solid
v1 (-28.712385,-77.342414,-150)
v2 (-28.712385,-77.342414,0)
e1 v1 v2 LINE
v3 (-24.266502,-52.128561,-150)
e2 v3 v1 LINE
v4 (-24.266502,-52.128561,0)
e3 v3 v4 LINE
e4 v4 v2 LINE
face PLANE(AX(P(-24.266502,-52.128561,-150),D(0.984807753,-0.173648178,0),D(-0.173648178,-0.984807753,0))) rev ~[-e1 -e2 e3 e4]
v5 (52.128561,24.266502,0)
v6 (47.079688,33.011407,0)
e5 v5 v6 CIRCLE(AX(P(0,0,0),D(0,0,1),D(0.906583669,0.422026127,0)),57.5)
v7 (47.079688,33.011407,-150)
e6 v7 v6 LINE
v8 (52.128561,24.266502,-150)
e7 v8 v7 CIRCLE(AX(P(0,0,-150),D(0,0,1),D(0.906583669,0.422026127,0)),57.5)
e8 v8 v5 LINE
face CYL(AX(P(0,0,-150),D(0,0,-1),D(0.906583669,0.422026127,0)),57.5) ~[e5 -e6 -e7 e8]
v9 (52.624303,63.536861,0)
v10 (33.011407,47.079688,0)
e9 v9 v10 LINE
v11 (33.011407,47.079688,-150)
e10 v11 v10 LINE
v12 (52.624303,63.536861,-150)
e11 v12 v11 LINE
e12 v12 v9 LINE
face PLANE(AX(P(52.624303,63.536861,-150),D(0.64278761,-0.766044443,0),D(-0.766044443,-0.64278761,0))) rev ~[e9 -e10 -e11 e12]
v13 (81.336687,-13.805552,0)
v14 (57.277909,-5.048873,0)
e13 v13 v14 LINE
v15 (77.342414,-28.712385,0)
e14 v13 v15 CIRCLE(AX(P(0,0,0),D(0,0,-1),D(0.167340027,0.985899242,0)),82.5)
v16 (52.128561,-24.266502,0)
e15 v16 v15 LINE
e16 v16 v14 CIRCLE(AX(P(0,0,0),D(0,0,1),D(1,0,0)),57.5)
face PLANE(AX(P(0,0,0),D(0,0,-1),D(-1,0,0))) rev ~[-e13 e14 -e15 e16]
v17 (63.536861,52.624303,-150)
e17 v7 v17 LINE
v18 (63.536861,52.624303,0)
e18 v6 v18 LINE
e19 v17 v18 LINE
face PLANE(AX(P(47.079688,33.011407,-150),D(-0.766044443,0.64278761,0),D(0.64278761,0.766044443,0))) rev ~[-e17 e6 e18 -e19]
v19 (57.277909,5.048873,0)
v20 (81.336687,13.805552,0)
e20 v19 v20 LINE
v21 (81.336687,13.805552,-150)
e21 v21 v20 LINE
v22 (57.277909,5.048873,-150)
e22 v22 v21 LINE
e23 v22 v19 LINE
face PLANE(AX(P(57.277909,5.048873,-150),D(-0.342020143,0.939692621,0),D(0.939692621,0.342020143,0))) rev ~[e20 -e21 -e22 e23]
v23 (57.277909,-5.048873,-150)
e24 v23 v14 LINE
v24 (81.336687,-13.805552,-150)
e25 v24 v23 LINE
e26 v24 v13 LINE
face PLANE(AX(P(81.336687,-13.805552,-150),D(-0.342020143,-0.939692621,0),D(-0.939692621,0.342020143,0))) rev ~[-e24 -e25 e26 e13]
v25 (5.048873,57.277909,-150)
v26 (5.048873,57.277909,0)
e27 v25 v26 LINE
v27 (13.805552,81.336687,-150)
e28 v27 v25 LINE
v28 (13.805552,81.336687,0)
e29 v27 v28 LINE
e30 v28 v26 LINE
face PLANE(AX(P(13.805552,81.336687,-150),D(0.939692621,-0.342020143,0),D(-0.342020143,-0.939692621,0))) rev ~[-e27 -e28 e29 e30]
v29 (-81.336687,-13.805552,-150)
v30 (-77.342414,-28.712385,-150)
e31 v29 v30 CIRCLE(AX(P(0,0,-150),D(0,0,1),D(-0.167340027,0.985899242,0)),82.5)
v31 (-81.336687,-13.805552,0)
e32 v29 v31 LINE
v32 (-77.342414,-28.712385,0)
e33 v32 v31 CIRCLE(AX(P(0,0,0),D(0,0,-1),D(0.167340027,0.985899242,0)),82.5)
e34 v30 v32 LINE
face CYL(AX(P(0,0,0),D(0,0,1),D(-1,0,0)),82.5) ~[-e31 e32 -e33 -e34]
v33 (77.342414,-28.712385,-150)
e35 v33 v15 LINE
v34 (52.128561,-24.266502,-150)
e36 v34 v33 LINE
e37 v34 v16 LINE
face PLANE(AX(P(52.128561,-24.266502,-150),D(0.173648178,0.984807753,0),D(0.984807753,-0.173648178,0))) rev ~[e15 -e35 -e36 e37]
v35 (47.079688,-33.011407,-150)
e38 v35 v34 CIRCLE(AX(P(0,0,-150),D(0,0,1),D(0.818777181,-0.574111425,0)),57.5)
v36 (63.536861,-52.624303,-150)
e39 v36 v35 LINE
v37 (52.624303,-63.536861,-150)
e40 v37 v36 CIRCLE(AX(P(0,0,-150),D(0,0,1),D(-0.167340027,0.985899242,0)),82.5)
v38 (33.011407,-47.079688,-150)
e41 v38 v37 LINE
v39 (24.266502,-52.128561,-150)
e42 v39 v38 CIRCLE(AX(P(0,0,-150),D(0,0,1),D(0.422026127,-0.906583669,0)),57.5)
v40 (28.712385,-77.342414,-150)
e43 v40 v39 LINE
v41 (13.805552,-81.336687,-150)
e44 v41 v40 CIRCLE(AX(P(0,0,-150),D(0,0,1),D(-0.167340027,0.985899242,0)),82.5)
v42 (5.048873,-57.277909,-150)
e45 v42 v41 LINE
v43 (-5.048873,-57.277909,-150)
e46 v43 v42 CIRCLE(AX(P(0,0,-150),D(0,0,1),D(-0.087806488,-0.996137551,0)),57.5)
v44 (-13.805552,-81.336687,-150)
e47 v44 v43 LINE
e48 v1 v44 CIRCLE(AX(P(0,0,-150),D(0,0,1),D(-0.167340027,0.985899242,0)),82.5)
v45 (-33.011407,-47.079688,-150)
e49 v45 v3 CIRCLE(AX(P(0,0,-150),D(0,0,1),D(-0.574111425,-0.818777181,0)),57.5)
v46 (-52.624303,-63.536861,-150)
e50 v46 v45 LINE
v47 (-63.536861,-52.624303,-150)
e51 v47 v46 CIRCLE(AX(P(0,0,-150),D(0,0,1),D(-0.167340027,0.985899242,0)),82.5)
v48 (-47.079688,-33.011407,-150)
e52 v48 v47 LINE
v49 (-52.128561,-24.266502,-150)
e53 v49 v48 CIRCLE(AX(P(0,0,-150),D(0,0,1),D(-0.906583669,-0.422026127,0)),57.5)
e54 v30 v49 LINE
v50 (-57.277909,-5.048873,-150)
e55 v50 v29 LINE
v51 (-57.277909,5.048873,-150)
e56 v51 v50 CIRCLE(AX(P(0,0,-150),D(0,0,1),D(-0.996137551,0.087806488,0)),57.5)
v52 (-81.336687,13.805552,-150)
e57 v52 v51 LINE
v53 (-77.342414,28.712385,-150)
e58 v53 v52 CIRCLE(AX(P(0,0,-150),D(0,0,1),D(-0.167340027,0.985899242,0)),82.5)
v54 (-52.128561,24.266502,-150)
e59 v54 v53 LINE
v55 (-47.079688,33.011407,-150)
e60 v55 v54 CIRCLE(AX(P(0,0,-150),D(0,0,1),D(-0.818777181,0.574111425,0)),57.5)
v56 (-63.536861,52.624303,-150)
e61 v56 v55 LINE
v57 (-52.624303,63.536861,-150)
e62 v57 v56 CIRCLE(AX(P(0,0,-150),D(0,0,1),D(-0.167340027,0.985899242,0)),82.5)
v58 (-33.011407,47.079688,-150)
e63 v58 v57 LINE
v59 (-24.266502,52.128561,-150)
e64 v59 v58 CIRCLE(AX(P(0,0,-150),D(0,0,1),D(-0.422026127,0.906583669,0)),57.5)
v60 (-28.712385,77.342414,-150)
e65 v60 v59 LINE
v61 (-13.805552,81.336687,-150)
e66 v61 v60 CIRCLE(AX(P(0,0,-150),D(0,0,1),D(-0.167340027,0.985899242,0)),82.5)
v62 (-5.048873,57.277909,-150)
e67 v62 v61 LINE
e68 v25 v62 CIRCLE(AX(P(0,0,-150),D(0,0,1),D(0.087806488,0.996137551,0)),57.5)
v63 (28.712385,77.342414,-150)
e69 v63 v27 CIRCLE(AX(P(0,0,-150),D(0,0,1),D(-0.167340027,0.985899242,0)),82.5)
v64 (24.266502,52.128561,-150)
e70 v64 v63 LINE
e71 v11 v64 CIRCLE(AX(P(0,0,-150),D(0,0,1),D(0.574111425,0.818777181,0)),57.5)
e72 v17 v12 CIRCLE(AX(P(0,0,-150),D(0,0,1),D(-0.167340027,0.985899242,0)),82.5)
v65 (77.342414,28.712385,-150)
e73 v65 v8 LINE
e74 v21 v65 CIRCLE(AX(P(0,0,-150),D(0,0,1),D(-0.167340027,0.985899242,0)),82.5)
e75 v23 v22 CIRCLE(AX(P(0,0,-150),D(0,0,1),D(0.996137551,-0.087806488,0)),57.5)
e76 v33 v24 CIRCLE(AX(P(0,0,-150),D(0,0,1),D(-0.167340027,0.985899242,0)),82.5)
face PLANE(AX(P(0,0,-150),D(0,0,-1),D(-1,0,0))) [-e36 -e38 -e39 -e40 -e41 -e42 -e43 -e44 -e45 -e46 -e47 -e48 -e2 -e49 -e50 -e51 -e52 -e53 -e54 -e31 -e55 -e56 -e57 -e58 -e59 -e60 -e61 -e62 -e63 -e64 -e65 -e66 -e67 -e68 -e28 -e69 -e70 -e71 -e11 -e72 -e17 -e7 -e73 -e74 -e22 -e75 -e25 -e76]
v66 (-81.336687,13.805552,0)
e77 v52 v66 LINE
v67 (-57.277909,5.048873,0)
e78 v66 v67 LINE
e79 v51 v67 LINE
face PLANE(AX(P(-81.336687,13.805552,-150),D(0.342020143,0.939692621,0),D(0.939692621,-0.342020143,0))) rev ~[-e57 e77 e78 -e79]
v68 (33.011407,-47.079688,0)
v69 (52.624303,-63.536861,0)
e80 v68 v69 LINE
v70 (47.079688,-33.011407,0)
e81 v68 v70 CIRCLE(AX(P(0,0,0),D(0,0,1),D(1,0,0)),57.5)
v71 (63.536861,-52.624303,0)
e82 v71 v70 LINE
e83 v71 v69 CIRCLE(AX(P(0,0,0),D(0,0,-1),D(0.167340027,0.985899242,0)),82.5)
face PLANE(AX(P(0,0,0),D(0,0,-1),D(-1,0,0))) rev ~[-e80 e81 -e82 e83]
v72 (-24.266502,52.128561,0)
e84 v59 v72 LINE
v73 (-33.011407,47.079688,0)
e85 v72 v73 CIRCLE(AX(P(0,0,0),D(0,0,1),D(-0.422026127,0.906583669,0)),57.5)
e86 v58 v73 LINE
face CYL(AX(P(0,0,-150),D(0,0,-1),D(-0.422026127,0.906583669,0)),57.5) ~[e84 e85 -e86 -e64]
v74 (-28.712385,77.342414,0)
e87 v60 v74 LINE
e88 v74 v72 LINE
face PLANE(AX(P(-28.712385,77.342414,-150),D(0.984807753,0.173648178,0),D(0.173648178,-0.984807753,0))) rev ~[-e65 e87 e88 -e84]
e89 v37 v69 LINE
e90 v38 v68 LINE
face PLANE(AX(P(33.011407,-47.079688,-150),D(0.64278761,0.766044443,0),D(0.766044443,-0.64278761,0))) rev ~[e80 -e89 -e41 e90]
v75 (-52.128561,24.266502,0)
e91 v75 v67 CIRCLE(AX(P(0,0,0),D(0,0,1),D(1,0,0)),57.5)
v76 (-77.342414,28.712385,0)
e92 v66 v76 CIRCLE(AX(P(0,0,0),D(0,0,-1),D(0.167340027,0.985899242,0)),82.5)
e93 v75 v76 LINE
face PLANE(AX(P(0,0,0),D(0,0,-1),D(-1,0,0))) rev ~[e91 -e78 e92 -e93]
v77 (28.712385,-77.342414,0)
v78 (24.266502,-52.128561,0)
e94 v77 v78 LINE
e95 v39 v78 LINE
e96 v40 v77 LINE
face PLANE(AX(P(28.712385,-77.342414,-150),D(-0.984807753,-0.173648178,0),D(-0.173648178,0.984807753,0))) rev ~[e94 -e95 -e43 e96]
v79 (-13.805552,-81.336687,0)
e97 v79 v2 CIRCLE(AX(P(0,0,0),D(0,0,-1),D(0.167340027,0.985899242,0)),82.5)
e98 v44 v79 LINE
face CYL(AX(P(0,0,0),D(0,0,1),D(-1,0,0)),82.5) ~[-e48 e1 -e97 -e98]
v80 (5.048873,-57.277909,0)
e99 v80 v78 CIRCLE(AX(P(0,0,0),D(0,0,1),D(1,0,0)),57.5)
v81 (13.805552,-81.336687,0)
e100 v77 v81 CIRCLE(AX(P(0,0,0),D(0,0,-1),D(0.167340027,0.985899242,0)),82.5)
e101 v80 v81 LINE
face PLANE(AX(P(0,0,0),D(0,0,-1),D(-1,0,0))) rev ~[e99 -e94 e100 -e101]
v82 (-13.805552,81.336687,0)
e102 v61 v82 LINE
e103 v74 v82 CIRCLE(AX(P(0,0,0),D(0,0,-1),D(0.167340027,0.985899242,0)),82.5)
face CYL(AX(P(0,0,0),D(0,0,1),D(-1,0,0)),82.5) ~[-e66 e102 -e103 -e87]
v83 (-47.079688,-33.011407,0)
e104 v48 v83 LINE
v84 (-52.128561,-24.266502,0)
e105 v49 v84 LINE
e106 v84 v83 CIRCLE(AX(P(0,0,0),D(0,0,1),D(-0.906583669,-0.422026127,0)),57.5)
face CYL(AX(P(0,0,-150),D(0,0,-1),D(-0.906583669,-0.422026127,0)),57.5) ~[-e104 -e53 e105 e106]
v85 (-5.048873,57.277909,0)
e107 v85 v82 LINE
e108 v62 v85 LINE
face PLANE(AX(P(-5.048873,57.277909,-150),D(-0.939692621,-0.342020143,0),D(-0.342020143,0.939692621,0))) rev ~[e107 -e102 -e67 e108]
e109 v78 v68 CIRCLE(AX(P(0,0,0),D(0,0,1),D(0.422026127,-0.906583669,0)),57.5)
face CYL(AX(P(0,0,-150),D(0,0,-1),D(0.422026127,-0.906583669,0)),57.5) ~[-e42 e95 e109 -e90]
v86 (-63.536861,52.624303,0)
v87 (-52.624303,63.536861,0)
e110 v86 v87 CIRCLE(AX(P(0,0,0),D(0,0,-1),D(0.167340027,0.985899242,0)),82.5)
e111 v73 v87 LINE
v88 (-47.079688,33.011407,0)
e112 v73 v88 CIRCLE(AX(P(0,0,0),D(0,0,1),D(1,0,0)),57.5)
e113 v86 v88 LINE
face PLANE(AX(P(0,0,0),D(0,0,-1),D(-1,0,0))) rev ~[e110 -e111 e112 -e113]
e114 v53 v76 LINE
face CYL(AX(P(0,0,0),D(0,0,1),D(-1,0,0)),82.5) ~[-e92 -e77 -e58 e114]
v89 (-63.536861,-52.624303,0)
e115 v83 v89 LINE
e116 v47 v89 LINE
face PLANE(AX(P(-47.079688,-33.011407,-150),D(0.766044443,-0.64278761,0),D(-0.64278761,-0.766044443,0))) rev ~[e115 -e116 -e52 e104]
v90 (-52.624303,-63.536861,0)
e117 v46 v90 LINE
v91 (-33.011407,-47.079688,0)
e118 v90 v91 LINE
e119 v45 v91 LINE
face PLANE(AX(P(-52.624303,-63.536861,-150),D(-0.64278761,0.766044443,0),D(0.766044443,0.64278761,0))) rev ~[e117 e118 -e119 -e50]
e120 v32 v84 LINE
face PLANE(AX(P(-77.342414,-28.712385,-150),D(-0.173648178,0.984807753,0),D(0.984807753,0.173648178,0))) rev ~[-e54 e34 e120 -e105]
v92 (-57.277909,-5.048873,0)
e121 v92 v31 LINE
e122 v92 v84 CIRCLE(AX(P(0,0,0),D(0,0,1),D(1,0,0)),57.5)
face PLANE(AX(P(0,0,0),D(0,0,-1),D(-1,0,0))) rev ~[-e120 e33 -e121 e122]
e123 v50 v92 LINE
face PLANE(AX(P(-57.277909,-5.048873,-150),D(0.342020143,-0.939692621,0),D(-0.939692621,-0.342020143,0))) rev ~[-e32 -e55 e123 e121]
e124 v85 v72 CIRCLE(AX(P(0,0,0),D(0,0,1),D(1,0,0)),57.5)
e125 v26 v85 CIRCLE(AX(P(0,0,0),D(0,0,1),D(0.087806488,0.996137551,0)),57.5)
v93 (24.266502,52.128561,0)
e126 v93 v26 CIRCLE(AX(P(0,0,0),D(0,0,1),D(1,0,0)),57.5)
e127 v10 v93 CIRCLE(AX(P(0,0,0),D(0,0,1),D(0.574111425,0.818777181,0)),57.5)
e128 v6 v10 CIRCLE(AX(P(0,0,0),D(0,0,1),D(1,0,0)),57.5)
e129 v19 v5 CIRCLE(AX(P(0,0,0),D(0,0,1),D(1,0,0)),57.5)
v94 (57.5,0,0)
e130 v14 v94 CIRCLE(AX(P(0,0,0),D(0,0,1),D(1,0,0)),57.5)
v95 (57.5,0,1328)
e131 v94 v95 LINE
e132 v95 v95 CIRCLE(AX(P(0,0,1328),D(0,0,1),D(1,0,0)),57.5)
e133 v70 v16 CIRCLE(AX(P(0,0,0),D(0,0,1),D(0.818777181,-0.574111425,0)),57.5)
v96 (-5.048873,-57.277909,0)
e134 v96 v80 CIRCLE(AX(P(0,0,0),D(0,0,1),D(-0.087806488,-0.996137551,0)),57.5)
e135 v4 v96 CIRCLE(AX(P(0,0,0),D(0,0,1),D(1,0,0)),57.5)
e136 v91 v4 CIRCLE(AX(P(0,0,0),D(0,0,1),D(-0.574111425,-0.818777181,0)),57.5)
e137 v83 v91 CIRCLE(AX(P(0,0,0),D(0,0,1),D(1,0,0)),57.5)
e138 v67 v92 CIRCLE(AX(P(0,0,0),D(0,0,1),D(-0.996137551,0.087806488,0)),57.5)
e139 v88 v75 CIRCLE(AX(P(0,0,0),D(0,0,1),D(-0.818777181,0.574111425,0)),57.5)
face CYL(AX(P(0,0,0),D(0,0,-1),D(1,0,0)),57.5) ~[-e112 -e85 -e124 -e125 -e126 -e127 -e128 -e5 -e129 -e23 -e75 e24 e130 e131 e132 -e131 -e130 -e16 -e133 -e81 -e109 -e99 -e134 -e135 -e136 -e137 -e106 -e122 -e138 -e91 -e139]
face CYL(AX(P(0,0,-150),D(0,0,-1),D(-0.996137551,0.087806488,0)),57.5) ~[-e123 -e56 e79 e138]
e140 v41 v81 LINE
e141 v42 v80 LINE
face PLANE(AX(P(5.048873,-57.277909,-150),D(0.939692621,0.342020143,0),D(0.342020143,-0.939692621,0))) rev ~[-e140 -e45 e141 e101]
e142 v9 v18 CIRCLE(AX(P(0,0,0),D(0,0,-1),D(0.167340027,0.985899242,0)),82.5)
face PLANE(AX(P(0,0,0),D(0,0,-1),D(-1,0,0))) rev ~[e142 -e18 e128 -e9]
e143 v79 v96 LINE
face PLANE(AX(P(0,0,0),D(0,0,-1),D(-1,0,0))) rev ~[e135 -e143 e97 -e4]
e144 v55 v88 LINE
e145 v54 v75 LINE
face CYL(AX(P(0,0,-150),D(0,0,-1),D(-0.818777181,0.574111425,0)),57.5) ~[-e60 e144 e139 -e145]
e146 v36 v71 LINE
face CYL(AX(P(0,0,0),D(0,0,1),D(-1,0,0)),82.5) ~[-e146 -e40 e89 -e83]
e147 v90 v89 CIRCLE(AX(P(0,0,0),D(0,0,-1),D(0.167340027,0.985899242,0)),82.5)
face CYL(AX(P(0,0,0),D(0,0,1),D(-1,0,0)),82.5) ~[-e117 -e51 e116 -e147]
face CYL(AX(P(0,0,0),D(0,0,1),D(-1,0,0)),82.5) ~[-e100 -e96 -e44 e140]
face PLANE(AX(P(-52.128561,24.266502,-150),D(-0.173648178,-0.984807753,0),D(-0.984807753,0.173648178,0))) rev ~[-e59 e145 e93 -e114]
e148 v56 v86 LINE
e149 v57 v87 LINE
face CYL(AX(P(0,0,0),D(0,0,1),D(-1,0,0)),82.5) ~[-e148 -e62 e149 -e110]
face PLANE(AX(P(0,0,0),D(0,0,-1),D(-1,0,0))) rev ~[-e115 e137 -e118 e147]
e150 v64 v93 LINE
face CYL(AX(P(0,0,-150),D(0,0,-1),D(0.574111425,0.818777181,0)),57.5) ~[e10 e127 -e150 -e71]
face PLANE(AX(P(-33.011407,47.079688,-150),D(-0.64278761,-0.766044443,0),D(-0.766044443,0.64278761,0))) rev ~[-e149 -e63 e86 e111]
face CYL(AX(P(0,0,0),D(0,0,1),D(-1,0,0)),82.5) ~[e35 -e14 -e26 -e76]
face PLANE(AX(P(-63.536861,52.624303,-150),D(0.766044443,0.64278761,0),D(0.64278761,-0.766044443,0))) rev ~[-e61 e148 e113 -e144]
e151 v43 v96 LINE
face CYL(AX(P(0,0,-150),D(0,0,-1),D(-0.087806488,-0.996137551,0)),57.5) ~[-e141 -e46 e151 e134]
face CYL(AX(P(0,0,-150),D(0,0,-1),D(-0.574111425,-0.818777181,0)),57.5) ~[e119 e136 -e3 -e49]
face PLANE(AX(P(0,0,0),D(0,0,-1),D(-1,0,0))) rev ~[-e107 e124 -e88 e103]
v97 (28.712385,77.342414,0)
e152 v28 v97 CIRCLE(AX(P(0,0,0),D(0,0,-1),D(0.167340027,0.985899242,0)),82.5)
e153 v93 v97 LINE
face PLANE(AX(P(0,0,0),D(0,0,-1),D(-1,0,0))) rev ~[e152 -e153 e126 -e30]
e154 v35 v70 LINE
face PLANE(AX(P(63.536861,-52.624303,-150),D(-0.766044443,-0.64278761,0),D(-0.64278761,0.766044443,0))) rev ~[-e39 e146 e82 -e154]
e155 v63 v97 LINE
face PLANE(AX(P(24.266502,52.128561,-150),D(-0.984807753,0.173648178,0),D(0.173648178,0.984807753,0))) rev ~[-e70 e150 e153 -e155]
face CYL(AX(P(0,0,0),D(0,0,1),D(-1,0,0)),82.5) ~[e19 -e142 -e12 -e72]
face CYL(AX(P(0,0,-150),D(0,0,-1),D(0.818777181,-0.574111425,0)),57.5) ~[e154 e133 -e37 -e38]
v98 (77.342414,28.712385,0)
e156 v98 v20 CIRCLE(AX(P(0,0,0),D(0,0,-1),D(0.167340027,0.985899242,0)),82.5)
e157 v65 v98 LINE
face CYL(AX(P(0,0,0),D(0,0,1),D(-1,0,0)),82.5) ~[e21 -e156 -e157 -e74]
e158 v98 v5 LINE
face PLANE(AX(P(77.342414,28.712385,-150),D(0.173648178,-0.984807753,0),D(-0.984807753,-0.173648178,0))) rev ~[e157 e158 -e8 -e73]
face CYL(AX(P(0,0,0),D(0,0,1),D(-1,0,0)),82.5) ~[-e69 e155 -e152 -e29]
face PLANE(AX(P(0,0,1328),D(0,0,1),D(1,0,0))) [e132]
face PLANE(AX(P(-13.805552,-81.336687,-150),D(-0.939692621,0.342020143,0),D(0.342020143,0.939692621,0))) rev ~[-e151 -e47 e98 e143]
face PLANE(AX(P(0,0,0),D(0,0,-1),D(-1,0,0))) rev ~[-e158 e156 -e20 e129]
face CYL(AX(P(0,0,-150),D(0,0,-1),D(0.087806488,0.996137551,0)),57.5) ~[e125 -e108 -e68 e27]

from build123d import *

# Parameters (mm, degrees)
SKETCH1_R           = 57.5
BOSS_EXTRUDE1_DEPTH = 1328
SKETCH3_R           = 82.5
BOSS_EXTRUDE2_DEPTH = 150
CUT_EXTRUDE1_DEPTH  = 150
CIRPATTERN1_COUNT   = 12


with BuildPart() as part:
    # Sketch1 → Boss-Extrude1 (new body)
    with BuildSketch(Plane.XY):
        Circle(SKETCH1_R)
    extrude(amount=BOSS_EXTRUDE1_DEPTH)

    # Sketch3 → Boss-Extrude2 (add)
    with BuildSketch(Plane(origin=(0, 0, 0), x_dir=(-1, 0, 0), z_dir=(0, 0, -1))):
        Circle(SKETCH3_R)
    extrude(amount=BOSS_EXTRUDE2_DEPTH)

    # Sketch5 → Cut-Extrude1 (cut)
    with BuildSketch(Plane(origin=(0, 0, -150), x_dir=(-1, 0, 0), z_dir=(0, 0, -1))):
        with BuildLine():
            Line((-13.805552215, 81.336687467), (-5.048873049, 57.277909188))
            ThreePointArc((-5.048873049, 57.277909188), (0, 57.5), (5.048873049, 57.277909188))
            Line((5.048873049, 57.277909188), (13.805552215, 81.336687467))
            ThreePointArc((13.805552215, 81.336687467), (0, 82.5), (-13.805552215, 81.336687467))
        make_face()
    cut_extrude1 = extrude(amount=-CUT_EXTRUDE1_DEPTH, mode=Mode.SUBTRACT)

    # CirPattern1: Cut-Extrude1 ×12 about axis
    cirpattern1_axis = Axis((0, 0, 0), (0, 0, 1))
    for i in range(1, CIRPATTERN1_COUNT):
        add(cut_extrude1.rotate(cirpattern1_axis, i * 360 / CIRPATTERN1_COUNT), mode=Mode.SUBTRACT)


solid = part.part
